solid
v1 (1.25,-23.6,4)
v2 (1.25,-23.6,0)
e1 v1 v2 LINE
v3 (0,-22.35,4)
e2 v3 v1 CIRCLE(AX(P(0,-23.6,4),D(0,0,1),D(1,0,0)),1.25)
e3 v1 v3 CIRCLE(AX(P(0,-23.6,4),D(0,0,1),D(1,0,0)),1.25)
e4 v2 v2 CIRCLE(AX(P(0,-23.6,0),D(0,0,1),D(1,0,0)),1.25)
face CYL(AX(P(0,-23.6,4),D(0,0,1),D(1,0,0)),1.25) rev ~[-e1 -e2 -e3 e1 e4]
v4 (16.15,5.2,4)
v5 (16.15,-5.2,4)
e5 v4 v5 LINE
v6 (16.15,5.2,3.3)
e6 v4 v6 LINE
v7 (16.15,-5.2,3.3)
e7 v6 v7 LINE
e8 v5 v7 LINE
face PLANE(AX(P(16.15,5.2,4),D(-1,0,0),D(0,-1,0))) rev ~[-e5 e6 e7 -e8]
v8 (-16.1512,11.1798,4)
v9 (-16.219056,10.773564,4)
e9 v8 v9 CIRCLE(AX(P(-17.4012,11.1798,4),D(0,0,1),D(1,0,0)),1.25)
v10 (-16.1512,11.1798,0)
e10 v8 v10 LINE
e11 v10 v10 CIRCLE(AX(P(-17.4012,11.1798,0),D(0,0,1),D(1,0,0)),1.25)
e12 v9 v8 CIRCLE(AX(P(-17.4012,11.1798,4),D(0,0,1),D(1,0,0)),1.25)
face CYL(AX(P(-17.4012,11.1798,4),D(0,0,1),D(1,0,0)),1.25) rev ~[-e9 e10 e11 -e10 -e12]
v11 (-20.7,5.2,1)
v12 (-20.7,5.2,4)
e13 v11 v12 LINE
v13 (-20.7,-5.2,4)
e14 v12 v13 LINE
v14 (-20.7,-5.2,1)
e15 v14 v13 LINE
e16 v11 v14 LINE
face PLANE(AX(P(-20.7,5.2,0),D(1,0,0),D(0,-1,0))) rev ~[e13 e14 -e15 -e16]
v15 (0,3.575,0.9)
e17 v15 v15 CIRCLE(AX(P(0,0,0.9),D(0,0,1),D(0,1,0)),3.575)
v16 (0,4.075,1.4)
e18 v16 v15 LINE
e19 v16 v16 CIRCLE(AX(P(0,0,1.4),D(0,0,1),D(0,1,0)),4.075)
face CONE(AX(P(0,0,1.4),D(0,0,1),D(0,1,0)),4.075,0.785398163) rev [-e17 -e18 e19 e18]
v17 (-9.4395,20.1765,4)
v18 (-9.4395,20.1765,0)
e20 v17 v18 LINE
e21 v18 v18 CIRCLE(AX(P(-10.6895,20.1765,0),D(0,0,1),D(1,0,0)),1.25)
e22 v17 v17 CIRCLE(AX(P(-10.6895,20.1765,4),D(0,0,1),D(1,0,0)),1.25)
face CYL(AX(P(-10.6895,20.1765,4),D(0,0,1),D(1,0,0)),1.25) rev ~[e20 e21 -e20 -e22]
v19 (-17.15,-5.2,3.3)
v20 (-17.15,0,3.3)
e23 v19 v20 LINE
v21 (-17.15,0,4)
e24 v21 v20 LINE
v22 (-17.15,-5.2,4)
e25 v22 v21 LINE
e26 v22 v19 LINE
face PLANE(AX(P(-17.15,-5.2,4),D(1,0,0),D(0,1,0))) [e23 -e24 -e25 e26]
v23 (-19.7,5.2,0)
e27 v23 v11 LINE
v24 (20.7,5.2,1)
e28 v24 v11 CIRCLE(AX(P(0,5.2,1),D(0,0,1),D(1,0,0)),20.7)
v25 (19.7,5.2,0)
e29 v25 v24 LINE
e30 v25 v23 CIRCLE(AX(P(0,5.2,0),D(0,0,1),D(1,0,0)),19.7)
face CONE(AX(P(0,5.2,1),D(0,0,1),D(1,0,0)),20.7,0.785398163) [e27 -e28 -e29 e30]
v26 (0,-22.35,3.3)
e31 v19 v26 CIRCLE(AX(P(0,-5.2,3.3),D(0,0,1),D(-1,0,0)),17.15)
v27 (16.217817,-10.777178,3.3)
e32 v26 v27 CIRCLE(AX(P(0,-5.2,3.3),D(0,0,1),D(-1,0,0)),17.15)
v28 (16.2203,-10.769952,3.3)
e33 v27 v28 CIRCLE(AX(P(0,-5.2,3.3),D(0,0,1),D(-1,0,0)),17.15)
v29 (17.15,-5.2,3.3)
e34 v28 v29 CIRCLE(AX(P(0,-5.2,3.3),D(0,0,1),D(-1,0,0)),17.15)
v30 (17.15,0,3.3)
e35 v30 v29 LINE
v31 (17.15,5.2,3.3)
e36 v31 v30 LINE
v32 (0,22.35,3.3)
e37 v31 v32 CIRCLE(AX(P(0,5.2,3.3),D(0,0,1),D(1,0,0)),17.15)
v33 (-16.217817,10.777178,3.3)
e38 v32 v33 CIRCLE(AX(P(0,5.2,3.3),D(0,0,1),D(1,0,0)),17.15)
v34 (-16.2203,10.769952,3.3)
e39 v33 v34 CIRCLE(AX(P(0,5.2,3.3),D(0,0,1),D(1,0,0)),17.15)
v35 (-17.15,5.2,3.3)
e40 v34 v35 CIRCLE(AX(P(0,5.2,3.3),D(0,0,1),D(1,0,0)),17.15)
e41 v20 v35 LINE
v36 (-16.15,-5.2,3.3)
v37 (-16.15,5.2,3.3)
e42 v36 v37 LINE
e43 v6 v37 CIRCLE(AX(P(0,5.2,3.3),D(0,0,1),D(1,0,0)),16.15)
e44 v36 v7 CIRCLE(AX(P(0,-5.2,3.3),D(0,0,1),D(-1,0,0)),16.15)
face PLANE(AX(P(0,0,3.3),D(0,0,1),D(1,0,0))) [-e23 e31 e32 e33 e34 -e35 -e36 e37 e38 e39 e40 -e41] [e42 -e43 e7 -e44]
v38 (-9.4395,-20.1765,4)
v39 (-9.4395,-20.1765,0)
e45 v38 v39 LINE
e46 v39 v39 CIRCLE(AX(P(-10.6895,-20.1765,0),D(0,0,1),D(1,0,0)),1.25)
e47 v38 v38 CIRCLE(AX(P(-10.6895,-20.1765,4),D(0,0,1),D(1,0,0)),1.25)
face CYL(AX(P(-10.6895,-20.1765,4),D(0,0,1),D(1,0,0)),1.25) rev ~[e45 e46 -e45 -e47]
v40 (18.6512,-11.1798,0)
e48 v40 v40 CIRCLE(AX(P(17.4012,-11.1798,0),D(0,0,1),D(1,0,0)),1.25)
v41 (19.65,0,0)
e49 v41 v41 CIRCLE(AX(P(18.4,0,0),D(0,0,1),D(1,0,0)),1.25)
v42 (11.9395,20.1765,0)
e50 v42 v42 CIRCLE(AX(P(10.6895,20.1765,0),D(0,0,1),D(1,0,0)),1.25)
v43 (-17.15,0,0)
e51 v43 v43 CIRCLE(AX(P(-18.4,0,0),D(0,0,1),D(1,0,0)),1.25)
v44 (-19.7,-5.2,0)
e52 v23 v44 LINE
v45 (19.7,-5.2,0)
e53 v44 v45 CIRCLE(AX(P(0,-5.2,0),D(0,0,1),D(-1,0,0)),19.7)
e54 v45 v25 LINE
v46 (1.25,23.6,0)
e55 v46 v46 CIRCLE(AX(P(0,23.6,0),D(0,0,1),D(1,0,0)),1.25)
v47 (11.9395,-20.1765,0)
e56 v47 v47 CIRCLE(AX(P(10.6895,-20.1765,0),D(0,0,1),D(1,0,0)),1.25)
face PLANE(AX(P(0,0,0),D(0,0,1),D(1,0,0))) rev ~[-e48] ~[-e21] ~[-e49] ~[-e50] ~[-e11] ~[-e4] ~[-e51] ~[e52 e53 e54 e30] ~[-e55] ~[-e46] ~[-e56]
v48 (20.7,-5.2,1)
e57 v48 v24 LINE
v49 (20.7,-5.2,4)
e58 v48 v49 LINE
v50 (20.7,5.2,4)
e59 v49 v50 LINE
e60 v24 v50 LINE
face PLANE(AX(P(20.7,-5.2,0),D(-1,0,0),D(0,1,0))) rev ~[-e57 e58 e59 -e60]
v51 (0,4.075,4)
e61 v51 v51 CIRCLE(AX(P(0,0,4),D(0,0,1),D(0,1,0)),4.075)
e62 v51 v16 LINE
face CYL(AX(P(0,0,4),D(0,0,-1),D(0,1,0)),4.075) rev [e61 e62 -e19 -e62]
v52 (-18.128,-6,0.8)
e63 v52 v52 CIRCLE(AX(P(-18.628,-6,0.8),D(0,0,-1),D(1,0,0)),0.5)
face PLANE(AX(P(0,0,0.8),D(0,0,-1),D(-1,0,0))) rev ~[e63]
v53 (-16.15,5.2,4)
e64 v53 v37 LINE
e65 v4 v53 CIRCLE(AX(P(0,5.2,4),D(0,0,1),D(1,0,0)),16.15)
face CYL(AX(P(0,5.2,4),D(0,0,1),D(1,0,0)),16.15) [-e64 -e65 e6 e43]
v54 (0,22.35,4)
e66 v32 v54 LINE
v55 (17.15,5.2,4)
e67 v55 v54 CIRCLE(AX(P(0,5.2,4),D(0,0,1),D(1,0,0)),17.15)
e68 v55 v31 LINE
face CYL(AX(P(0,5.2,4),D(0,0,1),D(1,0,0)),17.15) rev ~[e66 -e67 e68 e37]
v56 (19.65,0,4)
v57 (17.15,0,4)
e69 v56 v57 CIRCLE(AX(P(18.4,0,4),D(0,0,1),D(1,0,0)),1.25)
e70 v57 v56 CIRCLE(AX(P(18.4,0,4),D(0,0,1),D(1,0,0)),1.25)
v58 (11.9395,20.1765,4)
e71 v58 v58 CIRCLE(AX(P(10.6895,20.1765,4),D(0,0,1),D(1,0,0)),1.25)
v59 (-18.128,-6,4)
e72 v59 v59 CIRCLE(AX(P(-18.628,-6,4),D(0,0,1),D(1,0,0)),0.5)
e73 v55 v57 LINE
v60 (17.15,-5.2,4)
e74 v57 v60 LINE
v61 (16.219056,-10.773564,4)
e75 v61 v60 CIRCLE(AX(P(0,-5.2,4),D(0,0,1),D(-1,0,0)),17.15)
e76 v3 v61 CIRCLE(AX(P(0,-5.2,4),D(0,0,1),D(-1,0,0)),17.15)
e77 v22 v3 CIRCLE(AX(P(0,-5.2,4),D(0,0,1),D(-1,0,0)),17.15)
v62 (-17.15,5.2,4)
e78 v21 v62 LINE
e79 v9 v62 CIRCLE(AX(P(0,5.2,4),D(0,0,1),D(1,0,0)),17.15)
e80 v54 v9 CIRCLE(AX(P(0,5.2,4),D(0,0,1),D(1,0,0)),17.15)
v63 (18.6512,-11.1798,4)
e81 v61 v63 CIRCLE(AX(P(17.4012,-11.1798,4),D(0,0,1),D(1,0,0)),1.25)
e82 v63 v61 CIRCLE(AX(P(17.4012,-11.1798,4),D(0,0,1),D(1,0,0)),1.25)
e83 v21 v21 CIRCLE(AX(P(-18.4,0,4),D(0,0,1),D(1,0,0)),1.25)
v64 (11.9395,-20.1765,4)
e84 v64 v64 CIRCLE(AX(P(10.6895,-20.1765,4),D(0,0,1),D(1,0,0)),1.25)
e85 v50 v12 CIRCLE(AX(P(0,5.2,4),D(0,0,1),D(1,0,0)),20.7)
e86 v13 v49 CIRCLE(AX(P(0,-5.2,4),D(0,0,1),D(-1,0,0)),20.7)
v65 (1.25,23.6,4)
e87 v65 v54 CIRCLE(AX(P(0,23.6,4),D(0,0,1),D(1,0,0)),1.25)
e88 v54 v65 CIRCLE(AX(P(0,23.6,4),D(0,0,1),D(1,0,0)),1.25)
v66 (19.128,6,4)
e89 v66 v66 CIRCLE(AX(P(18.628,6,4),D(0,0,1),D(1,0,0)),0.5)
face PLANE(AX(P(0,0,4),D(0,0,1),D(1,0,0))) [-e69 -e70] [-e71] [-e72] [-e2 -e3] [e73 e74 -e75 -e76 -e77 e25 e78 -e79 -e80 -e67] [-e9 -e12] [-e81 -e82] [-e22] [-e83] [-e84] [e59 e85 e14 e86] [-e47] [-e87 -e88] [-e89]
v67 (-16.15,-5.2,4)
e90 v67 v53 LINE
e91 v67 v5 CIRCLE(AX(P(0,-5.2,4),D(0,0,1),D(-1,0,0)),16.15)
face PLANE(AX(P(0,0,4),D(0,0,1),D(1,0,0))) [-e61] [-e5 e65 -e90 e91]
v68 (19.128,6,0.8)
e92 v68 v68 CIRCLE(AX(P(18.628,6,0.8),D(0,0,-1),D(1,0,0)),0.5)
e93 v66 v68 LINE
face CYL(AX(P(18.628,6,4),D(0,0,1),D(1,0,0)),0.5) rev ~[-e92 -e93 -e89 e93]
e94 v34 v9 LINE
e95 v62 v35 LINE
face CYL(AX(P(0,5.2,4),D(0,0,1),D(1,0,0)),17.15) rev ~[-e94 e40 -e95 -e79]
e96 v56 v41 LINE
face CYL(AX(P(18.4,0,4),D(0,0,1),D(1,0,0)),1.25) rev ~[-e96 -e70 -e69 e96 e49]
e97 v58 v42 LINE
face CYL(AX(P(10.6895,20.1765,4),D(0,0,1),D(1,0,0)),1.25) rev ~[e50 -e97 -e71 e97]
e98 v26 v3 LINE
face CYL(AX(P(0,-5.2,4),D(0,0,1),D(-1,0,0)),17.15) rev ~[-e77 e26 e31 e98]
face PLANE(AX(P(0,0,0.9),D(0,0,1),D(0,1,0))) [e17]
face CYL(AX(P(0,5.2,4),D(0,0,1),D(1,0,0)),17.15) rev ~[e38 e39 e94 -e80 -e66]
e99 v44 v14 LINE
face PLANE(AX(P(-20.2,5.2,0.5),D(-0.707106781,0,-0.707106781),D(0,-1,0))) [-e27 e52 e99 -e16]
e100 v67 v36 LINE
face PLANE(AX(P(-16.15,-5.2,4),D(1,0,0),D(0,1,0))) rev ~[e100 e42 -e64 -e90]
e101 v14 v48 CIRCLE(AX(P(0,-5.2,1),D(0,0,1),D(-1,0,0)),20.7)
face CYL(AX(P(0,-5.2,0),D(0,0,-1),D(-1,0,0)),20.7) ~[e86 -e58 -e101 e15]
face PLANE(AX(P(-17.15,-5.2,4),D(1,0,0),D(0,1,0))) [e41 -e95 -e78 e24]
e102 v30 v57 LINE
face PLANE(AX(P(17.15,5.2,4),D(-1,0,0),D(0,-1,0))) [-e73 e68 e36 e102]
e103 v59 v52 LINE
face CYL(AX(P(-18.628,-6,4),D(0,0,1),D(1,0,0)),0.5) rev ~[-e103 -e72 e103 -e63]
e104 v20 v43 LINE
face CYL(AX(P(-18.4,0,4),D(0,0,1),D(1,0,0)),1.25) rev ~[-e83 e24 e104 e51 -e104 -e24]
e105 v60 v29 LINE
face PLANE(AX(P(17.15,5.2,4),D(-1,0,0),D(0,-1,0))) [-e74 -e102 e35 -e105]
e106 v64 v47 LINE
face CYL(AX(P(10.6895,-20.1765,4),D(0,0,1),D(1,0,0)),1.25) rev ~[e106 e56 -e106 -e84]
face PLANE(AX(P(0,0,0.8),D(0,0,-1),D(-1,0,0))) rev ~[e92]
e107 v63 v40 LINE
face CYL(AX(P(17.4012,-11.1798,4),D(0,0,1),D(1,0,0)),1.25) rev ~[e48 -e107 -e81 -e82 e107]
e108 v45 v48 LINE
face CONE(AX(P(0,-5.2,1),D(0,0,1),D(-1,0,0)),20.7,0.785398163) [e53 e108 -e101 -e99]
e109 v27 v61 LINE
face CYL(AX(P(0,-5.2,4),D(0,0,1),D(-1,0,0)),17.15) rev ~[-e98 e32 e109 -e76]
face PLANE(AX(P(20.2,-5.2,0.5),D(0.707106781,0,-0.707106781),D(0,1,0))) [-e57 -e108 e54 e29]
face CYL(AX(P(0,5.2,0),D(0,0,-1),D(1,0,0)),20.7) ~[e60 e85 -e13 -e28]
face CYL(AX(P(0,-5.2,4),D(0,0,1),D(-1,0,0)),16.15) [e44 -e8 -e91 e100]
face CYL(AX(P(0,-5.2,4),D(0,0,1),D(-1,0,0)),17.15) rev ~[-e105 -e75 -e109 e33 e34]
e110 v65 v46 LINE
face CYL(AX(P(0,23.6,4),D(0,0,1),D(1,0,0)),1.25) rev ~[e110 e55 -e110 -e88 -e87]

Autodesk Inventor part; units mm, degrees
ref_plane "YZ Plane" through (0, 0, 0) normal (1, 0, 0) x (0, 1, 0)
ref_plane "XZ Plane" through (0, 0, 0) normal (0, 1, 0) x (-1, 0, 0)
ref_plane "XY Plane" through (0, 0, 0) normal (0, 0, 1) x (1, 0, 0)
sketch "Sketch1" plane through (0, 0, 0) normal (0, 0, 1) x (1, 0, 0)
  line L0 (0, 0) -> (0, 5.2) construction
  arc A0 (15.6034, 1.2322) -> (-15.6034, 1.2322) centre (0, 5.2) ccw construction
  line L1 (0, 0) -> (0, -5.2) construction
  arc A1 (-15.6034, -1.2322) -> (15.6034, -1.2322) centre (0, -5.2) ccw construction
  line L2 (0, 5.2) -> (0, -5.2) construction
  line L3 (-20.7, 5.2) -> (-20.7, -5.2)
  line L4 (20.7, -5.2) -> (20.7, 5.2)
  arc A2 (20.7, 5.2) -> (-20.7, 5.2) centre (0, 5.2) ccw
  arc A3 (-20.7, -5.2) -> (20.7, -5.2) centre (0, -5.2) ccw
  arc A4 (-15.6034, -1.2322) -> (-15.6034, 1.2322) centre (-20.4492, 0) ccw construction
  arc A5 (15.6034, 1.2322) -> (15.6034, -1.2322) centre (20.4492, 0) ccw construction
  line L5 (0, 5.2) -> (0, -5.2) construction
  circle A6 centre (0, 0) radius 14.5 construction
  dimension "d0" = 10.4
  dimension "d1" = 16.1
  dimension "d2" = 4.6
  dimension "d3" = 5
  dimension "d4" = 41.4
  dimension "d8" = 29
extrude "Extrusion1" add sketch "Sketch1" along normal blind 4
sketch "Sketch2" plane through (0, 0, 4) normal (0, 0, 1) x (1, 0, 0)
  line L0 (-20.7, 5.2) -> (-20.7, -5.2) construction
  arc A0 (-20.7, -5.2) -> (20.7, -5.2) centre (0, -5.2) ccw construction
  line L1 (20.7, -5.2) -> (20.7, 5.2) construction
  arc A1 (20.7, 5.2) -> (-20.7, 5.2) centre (0, 5.2) ccw construction
  line L2 (-18.4, 5.2) -> (-18.4, -5.2) construction
  arc A2 (-18.4, -5.2) -> (18.4, -5.2) centre (0, -5.2) ccw construction
  line L3 (18.4, -5.2) -> (18.4, 5.2) construction
  arc A3 (18.4, 5.2) -> (-18.4, 5.2) centre (0, 5.2) ccw construction
  circle A4 centre (-18.4, 0) radius 1.25
  circle A5 centre (0, 23.6) radius 1.25
  circle A6 centre (-10.6895, 20.1765) radius 1.25
  circle A7 centre (-17.4012, 11.1798) radius 1.25
  line L4 (-18.4, 0) -> (-17.4012, 11.1798) construction
  line L5 (-17.4012, 11.1798) -> (-10.6895, 20.1765) construction
  line L6 (-10.6895, 20.1765) -> (0, 23.6) construction
  line L7 (-18.4, 0) -> (0, 0) construction
  line L8 (0, 0) -> (0, 23.6) construction
  circle A8 centre (18.4, 0) radius 1.25
  circle A9 centre (10.6895, 20.1765) radius 1.25
  circle A10 centre (17.4012, 11.1798) radius 1.25
  circle A11 centre (0, -23.6) radius 1.25
  circle A12 centre (-10.6895, -20.1765) radius 1.25
  circle A13 centre (-17.4012, -11.1798) radius 1.25
  circle A14 centre (10.6895, -20.1765) radius 1.25
  circle A15 centre (17.4012, -11.1798) radius 1.25
  line L9 (-18.4, 0) -> (-18.4, -6) construction
  line L10 (-18.4, -6) -> (-18.628, -6) construction
  line L11 (18.4, 0) -> (18.4, 6) construction
  line L12 (18.4, 6) -> (18.628, 6) construction
  circle A16 centre (-18.628, -6) radius 0.5
  circle A17 centre (18.628, 6) radius 0.5
  dimension "d37" = 2.3
  dimension "d38" = 2.5
  dimension "d39" = 6
  dimension "d40" = 0.228
  dimension "d41" = 6
  dimension "d42" = 0.228
  dimension "d43" = 1
extrude "Extrusion2" cut sketch "Sketch2" against normal through all contours A4 | A5 | A6 | A7 | A8 | A9 | A11 | A12 | A14 | A15 | A16 | A17
sketch "Sketch5" plane through (0, 0, 4) normal (0, 0, 1) x (1, 0, 0)
  line L0 (20.7, -5.2) -> (20.7, 5.2) construction
  arc A0 (20.7, 5.2) -> (-20.7, 5.2) centre (0, 5.2) ccw construction
  line L1 (-20.7, 5.2) -> (-20.7, -5.2) construction
  arc A1 (-20.7, -5.2) -> (20.7, -5.2) centre (0, -5.2) ccw construction
  arc A2 (17.15, 5.2) -> (-17.15, 5.2) centre (0, 5.2) ccw
  line L2 (17.15, 5.2) -> (17.15, -5.2)
  arc A3 (-17.15, -5.2) -> (17.15, -5.2) centre (0, -5.2) ccw
  line L3 (-17.15, -5.2) -> (-17.15, 5.2)
  arc A4 (16.15, 5.2) -> (-16.15, 5.2) centre (0, 5.2) ccw
  line L4 (16.15, 5.2) -> (16.15, -5.2)
  arc A5 (-16.15, -5.2) -> (16.15, -5.2) centre (0, -5.2) ccw
  line L5 (-16.15, -5.2) -> (-16.15, 5.2)
  point P0 (0, 0)
  dimension "d20" = 1
extrude "Extrusion5" cut sketch "Sketch5" against normal blind 0.7
fillet "Fillet1" [suppressed]
chamfer "Chamfer1" distance 1 angle 45 4 edges at (0, -25.9, 0) (20.7, 0, 0) (0, 25.9, 0) (-20.7, 0, 0)
sketch "Sketch8" plane through (0, 0, 0) normal (1, 0, 0) x (0, 1, 0)
  line L0 (0, 0) -> (5.2, 0) construction
  line L1 (0, 0) -> (0, 0.9) construction
  line L2 (-5.2, 4) -> (5.2, 4) construction
  line L3 (0, 4) -> (4.075, 4)
  line L4 (4.075, 4) -> (4.075, 1.4)
  line L5 (4.075, 1.4) -> (3.575, 0.9)
  line L6 (3.575, 0.9) -> (0, 0.9)
  line L7 (0, 0.9) -> (0, 4)
  dimension "d44" = 4.075
  dimension "d45" = 135
  dimension "d46" = 2.6
  dimension "d47" = 0.5
  dimension "d48" = 0.9
revolve "Revolution1" cut sketch "Sketch8" angle 360 about axis through (0, 0, 0.9) along (0, 0, 1)
sketch "Sketch9" plane through (0, 0, 0) normal (0, 0, -1) x (-1, 0, 0)
  circle A0 centre (-18.628, 6) radius 0.5 projected
  circle A1 centre (18.628, -6) radius 0.5 projected
  point P0 (0, 0)
extrude "Extrusion8" add sketch "Sketch9" against normal blind 0.8
properties part number "housingPlate"
